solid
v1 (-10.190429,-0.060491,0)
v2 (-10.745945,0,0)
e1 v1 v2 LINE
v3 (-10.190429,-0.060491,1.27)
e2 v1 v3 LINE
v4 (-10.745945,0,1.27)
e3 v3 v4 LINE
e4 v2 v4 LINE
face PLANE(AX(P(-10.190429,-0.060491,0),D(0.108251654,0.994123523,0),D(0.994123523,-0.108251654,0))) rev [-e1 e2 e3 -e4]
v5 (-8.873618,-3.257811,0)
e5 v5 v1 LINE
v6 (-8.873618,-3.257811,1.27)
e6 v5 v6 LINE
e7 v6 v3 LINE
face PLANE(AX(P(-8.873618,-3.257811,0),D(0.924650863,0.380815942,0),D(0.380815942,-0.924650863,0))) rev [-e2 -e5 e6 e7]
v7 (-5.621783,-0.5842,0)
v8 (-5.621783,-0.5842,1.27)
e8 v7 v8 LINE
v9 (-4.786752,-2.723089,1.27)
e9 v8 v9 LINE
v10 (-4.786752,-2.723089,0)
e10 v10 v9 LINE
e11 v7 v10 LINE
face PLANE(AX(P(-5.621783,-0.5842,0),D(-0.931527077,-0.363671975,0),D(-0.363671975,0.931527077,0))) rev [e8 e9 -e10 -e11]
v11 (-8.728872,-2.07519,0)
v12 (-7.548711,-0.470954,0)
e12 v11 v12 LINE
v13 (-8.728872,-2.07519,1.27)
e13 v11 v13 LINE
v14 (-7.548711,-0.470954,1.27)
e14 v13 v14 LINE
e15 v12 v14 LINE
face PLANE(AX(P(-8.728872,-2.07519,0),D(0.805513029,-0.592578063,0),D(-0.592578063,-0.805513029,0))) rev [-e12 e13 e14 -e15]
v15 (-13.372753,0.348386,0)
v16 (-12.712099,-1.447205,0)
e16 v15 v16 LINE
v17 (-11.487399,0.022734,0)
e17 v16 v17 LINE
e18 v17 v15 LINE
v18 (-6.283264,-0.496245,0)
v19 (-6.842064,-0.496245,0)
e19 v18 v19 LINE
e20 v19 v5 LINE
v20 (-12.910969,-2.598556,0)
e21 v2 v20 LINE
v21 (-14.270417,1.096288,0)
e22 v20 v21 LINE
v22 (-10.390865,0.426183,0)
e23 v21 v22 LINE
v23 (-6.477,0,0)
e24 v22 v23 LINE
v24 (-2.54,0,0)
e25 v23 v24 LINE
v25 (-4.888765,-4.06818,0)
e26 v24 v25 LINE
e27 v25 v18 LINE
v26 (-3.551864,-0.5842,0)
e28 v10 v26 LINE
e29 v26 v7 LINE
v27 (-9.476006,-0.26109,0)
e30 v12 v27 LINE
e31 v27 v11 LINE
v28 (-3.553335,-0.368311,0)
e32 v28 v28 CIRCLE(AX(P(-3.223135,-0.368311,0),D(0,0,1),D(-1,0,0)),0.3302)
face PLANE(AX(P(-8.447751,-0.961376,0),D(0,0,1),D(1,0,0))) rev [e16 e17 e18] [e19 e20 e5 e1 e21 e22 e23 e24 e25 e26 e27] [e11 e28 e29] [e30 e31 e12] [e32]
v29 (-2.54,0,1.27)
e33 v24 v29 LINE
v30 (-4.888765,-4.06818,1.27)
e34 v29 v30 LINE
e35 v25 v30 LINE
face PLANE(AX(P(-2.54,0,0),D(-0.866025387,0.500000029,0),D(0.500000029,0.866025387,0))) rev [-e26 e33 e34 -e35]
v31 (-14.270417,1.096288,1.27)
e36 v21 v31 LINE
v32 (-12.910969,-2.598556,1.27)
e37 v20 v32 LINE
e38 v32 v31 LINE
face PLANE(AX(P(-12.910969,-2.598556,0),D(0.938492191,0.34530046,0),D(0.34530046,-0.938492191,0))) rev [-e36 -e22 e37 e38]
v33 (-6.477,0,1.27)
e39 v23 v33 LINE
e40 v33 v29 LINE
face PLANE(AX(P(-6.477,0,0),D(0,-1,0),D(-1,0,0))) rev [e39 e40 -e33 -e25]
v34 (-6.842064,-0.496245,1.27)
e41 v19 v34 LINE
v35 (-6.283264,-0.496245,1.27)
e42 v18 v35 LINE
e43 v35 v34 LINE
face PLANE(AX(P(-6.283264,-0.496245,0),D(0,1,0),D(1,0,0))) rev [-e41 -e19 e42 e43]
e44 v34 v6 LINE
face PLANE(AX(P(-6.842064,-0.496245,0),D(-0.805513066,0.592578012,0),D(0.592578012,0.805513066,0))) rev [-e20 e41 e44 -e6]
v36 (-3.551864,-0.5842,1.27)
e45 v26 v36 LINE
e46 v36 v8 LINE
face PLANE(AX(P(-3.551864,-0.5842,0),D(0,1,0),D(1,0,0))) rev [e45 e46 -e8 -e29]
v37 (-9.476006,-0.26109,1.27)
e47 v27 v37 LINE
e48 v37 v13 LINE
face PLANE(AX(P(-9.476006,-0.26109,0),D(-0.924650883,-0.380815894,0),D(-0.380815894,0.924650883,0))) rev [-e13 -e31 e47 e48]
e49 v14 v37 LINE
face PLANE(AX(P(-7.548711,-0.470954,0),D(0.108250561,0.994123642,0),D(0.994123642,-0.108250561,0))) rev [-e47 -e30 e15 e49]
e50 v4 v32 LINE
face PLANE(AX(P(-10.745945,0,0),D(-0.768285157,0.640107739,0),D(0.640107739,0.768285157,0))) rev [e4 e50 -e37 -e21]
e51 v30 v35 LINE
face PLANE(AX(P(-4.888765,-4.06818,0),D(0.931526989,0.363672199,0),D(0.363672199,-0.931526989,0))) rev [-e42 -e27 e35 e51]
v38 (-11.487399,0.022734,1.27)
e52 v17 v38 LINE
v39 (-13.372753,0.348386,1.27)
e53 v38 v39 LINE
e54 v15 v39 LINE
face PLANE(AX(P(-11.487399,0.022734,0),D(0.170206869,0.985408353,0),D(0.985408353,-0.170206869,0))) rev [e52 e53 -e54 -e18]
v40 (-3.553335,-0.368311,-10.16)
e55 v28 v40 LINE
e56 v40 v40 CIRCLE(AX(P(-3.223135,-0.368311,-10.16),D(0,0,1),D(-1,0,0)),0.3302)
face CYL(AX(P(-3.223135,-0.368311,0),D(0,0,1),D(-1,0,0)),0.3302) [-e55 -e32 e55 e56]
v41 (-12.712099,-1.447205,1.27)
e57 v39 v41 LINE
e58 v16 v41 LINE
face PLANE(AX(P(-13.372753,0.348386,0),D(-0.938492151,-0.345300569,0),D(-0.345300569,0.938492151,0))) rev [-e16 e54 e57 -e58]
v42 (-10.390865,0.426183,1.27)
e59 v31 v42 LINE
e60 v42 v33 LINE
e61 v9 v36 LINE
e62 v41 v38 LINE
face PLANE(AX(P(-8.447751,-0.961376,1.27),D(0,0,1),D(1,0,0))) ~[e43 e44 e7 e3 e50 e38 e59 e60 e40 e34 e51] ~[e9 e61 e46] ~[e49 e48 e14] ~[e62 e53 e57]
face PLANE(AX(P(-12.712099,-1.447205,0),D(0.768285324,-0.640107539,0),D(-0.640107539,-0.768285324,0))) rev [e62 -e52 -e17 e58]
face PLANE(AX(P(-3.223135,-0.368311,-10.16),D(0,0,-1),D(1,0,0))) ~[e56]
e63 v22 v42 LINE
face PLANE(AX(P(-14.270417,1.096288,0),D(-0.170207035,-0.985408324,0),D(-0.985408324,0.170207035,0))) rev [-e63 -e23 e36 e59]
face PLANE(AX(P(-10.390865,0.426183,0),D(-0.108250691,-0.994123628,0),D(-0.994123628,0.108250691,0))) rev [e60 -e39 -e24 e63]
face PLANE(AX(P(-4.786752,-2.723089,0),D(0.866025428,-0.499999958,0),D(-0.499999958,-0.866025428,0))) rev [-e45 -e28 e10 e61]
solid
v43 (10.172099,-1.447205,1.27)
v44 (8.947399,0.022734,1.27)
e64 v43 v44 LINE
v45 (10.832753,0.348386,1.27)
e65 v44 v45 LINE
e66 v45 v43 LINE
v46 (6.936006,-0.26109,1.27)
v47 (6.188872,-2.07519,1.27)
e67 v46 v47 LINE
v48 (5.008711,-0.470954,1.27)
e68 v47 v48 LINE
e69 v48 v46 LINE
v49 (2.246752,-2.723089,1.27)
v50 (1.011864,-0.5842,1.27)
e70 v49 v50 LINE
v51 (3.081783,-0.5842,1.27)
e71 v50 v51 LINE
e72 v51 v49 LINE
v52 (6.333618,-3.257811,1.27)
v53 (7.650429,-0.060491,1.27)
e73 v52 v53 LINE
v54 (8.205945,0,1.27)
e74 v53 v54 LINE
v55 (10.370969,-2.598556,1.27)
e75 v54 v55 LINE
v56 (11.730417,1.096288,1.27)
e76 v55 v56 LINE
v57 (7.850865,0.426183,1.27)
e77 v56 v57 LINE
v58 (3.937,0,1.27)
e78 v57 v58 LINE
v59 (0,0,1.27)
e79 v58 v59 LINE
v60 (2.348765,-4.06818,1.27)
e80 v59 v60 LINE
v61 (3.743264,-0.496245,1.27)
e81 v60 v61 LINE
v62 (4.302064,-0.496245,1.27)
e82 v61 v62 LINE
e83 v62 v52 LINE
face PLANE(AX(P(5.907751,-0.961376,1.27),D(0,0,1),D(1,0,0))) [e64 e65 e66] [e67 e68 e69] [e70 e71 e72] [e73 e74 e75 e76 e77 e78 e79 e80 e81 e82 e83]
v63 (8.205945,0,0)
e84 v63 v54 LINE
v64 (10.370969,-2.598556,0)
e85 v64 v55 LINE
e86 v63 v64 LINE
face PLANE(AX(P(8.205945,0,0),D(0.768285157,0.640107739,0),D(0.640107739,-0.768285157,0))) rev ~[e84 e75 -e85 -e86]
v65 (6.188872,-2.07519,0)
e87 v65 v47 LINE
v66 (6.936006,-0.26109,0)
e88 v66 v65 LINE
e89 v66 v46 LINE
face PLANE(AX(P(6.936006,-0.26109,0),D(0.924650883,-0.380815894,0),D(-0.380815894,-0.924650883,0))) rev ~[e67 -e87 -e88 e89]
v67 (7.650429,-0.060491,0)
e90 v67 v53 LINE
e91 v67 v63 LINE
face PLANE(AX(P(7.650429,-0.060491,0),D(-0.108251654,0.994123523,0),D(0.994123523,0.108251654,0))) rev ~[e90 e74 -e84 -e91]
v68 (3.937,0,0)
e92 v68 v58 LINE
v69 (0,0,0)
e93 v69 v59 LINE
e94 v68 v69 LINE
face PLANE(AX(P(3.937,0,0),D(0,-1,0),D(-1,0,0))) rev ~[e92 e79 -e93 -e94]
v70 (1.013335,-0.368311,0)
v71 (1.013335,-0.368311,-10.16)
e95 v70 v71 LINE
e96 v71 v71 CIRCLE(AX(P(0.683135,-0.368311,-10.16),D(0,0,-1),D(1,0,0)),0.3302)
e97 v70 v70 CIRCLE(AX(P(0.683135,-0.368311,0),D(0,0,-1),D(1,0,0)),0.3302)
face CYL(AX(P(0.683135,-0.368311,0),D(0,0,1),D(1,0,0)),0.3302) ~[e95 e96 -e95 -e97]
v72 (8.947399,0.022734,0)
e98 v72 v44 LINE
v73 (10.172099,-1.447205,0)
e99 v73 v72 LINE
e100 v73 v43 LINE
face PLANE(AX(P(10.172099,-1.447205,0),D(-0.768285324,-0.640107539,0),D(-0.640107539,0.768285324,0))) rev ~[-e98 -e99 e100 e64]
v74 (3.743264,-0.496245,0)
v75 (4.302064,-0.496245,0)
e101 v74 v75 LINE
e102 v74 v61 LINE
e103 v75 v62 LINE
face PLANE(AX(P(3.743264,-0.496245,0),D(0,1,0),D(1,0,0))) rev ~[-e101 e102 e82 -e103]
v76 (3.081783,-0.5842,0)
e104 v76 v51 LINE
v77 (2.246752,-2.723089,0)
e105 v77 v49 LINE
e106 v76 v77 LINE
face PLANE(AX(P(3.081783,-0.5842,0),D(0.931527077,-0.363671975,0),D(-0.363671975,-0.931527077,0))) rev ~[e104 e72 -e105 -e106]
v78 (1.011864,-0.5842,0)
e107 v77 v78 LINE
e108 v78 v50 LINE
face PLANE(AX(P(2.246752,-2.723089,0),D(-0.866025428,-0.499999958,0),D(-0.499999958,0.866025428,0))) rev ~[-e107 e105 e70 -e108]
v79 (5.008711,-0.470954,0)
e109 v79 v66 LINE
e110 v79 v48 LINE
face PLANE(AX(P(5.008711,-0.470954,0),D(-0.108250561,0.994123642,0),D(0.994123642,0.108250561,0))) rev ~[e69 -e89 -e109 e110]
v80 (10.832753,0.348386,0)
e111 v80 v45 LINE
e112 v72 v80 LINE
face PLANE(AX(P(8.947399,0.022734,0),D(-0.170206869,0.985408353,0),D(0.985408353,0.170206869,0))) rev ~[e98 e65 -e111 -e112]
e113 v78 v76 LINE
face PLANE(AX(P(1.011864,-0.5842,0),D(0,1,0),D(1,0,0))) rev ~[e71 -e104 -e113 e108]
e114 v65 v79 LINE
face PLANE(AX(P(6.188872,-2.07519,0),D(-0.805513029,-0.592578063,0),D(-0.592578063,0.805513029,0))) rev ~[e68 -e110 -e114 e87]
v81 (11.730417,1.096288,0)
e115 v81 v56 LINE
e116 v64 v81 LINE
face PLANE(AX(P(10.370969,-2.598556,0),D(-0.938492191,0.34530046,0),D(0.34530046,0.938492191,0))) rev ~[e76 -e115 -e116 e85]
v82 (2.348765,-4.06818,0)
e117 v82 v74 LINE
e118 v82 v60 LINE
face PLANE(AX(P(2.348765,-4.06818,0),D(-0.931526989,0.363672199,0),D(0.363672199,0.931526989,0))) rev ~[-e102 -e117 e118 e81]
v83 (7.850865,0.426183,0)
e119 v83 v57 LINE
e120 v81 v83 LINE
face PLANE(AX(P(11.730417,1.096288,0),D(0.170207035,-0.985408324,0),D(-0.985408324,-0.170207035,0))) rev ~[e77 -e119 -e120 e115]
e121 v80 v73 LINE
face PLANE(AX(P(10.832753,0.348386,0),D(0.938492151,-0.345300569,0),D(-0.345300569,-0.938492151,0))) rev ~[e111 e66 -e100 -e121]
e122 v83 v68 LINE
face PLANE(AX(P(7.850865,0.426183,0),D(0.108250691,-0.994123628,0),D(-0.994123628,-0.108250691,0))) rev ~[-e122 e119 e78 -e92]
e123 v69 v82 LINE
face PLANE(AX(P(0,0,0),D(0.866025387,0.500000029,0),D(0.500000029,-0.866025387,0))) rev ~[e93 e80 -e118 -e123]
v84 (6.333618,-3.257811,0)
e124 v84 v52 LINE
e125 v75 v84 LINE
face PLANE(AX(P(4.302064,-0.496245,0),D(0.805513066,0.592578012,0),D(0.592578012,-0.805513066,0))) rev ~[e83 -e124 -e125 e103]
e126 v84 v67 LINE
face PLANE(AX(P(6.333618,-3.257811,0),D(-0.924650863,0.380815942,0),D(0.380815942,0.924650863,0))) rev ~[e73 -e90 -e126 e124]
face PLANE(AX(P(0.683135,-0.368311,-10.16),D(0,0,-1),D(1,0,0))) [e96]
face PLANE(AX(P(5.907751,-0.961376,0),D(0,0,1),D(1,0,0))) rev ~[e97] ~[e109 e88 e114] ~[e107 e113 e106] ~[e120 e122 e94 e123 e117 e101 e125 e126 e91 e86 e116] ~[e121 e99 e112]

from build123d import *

# Parameters (mm, degrees)
F1_DEPTH = 1.27
F2_R     = 0.3302
F3_DEPTH = 10.16


with BuildPart() as f1:
    # F0 (on Top) → F1 (new body)
    with BuildSketch(Plane.XY):
        Polygon((3.937, 0), (0, 0), (2.348765, -4.06818), (3.743264, -0.496245), (4.302064, -0.496245), (6.333618, -3.257811), (7.650429, -0.060491), (8.205945, 0), (10.370969, -2.598556), (11.730417, 1.096288), (7.850865, 0.426183), align=None)
        Polygon((2.246752, -2.723089), (1.011864, -0.5842), (3.081783, -0.5842), align=None, mode=Mode.SUBTRACT)
        Polygon((6.188872, -2.07519), (5.008711, -0.470954), (6.936006, -0.26109), align=None, mode=Mode.SUBTRACT)
        Polygon((10.172099, -1.447205), (8.947399, 0.022734), (10.832753, 0.348386), align=None, mode=Mode.SUBTRACT)
    extrude(amount=F1_DEPTH)

    # F2 (on face) → F3 (join)
    with BuildSketch(Plane(origin=(0, 0, 0), x_dir=(1, 0, 0), z_dir=(0, 0, -1))):
        with Locations((0.683135, 0.368311)):
            Circle(F2_R)
    extrude(amount=F3_DEPTH)


with BuildPart() as f5_1:
    # F5: instance of F1
    add(f1.part.mirror(Plane.YZ.offset(-1.27)))


solid = Compound([f1.part, f5_1.part])
